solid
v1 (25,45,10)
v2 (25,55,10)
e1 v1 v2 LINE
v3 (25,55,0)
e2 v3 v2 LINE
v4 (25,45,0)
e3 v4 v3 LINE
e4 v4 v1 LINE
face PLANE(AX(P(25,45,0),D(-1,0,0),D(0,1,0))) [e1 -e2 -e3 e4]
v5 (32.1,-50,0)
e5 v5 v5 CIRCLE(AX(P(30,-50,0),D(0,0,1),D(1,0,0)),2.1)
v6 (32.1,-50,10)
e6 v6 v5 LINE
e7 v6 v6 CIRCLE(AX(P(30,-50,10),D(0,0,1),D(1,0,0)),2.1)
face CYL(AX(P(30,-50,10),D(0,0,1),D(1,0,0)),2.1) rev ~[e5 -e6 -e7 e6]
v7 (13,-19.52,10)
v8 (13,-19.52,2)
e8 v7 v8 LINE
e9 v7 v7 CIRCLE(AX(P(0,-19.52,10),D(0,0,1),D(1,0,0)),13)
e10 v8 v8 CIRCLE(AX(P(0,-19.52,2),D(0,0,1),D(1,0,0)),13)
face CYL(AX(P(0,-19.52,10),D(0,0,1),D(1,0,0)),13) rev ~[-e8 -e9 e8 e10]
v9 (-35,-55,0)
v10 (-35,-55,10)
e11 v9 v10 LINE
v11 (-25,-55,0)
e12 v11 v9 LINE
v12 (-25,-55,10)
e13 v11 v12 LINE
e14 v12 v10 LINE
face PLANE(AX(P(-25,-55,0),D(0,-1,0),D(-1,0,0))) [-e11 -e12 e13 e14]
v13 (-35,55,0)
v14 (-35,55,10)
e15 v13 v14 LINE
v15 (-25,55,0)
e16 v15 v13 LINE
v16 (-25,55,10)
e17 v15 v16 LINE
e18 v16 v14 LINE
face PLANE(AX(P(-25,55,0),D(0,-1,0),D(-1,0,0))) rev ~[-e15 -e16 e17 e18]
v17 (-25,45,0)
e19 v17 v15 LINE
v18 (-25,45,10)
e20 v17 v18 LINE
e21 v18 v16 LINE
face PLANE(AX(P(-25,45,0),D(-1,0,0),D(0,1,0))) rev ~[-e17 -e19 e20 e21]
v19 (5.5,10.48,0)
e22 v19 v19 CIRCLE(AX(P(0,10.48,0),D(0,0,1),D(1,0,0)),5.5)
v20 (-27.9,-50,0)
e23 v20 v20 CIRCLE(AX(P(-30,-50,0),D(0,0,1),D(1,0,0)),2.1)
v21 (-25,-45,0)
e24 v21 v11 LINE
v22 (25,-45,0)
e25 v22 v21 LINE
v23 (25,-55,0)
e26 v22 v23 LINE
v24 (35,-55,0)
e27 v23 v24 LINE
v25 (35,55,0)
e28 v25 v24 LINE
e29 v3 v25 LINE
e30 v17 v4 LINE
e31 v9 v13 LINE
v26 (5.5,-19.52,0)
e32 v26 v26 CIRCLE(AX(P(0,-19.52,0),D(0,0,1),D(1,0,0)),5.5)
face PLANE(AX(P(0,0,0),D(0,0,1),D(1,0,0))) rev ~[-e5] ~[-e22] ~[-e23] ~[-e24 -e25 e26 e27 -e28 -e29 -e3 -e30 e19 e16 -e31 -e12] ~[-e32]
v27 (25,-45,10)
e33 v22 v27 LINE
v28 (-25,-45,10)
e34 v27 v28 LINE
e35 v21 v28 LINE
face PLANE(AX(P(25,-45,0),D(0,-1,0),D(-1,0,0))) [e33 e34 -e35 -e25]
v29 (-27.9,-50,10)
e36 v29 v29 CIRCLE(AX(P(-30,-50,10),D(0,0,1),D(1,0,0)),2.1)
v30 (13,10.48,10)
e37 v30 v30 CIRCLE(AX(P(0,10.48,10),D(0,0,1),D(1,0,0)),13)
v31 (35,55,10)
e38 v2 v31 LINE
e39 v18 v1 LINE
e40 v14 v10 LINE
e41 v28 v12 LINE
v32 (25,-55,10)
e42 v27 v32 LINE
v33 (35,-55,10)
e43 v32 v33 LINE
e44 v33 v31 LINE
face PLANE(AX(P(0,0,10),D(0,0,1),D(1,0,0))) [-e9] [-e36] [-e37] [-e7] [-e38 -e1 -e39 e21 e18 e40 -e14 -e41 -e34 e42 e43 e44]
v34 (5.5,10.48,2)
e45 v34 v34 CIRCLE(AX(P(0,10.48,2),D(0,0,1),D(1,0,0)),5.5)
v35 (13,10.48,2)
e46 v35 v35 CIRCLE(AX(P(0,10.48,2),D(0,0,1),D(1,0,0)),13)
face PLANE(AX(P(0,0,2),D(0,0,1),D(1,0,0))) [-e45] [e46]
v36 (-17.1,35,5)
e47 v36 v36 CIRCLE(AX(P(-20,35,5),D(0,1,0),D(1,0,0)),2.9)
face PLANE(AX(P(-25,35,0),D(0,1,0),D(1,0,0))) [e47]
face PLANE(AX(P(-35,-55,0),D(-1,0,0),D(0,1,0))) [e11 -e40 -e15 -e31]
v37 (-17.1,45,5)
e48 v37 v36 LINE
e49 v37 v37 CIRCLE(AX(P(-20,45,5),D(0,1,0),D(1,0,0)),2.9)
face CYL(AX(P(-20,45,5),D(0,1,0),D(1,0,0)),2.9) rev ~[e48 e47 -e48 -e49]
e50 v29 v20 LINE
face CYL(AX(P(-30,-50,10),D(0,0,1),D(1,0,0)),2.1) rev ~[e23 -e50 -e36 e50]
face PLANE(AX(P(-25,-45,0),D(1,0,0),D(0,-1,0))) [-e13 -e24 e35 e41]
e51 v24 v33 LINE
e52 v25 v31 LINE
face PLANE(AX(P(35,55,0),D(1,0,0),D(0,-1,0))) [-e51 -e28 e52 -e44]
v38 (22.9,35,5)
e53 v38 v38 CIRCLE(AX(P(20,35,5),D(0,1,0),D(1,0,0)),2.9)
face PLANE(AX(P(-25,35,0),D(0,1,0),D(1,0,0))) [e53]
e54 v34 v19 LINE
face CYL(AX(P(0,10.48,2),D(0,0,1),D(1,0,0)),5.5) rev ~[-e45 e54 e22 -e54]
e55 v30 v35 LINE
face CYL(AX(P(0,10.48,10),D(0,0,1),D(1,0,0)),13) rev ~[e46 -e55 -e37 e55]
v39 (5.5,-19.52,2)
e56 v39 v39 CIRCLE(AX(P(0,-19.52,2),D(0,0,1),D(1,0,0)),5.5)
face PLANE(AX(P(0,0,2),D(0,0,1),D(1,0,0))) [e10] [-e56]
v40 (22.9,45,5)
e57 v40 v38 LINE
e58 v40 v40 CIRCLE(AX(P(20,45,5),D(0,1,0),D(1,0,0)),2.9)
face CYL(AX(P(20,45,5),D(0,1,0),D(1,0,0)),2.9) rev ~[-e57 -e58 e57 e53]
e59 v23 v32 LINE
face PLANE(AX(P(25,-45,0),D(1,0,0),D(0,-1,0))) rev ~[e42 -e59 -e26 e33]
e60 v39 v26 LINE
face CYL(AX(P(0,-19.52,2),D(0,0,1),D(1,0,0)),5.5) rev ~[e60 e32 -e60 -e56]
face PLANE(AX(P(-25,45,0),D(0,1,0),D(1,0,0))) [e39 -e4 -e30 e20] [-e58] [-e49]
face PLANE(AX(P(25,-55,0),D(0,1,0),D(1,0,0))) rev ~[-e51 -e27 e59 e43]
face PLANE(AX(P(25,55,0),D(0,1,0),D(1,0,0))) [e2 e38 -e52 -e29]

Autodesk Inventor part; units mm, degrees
ref_plane "YZ Plane" through (0, 0, 0) normal (1, 0, 0) x (0, 1, 0)
ref_plane "XZ Plane" through (0, 0, 0) normal (0, 1, 0) x (-1, 0, 0)
ref_plane "XY Plane" through (0, 0, 0) normal (0, 0, 1) x (1, 0, 0)
sketch "Sketch1" plane through (0, 0, 0) normal (0, 0, 1) x (1, 0, 0)
  line L0 (-25, 45) -> (25, 45)
  line L1 (35, 44.3995) -> (35, -45)
  line L2 (25, -45) -> (-25, -45)
  line L3 (-35, -44.3995) -> (-35, 45)
  line L4 (-35, 45) -> (35, -45) construction
  line L5 (35, 44.3995) -> (-35, -44.3995) construction
  line L6 (-25, 55) -> (-35, 55)
  line L7 (-35, 55) -> (-35, 45)
  line L8 (-25, 45) -> (-25, 55)
  line L9 (-25, 55) -> (-35, 45) construction
  line L10 (-35, 55) -> (-25, 45) construction
  line L11 (0, 15.2738) -> (0, -11.5274)
  line L12 (-10.8069, 0) -> (18.2997, 0)
  line L13 (25, 55) -> (35, 55)
  line L14 (35, 55) -> (35, 44.3995)
  line L15 (25, 45) -> (25, 55)
  line L16 (25, 55) -> (35, 44.3995) construction
  line L17 (35, 55) -> (25, 45) construction
  line L18 (-25, -55) -> (-35, -55)
  line L19 (-35, -55) -> (-35, -44.3995)
  line L20 (-25, -45) -> (-25, -55)
  line L21 (-25, -55) -> (-35, -44.3995) construction
  line L22 (-35, -55) -> (-25, -45) construction
  line L23 (25, -55) -> (35, -55)
  line L24 (35, -55) -> (35, -45)
  line L25 (25, -45) -> (25, -55)
  line L26 (25, -55) -> (35, -45) construction
  line L27 (35, -55) -> (25, -45) construction
  point P0 (0, 0)
  point P1 (-30, 50)
  point P2 (30, 50)
  point P3 (-30, -50)
  point P4 (30, -50)
  dimension "d0" = 70
  dimension "d1" = 10
  dimension "d2" = 90
extrude "Extrusion1" add sketch "Sketch1" along normal blind 10
sketch "Sketch2" plane through (0, 0, 10) normal (0, 0, 1) x (1, 0, 0)
  circle A0 centre (0, 10.48) radius 13
  circle A1 centre (0, -19.52) radius 13
  line L0 (-25, -45) -> (25, -45) projected
  line L1 (-35, -55) -> (-25, -55) projected
  point P0 (0, 0)
  dimension "d6" = 26
  dimension "d11" = 26
  dimension "d15" = 30
  dimension "d40" = 35.48
extrude "Extrusion2" cut sketch "Sketch2" against normal blind 8
sketch "Sketch3" plane through (0, 10.48, 2) normal (0, 0, 1) x (1, 0, 0)
  circle A0 centre (0, 0) radius 5.5
  circle A1 centre (0, 0) radius 13 projected
  point P0 (0, -10.48)
  point P1 (-9.0139, 15)
  point P2 (9.0139, 15)
  dimension "d16" = 11
extrude "Extrusion3" cut sketch "Sketch3" against normal through all contours A0
sketch "Sketch6" plane through (0, -19.52, 2) normal (0, 0, 1) x (1, 0, 0)
  circle A0 centre (0, 0) radius 5.5
  point P0 (0, 19.52)
  dimension "d19" = 11
extrude "Extrusion4" cut sketch "Sketch6" against normal blind 10
sketch "Sketch8" plane through (-25, 45, 0) normal (0, 1, 0) x (1, 0, 0)
  circle A0 centre (5, -5) radius 2.9
  line L0 (0, 0) -> (0, -10) projected
  line L1 (50, 0) -> (0, 0) projected
  circle A1 centre (45, -5) radius 2.9
  line L2 (50, 0) -> (50, -10) projected
  point P0 (25, 0)
  dimension "d30" = 5.8
  dimension "d31" = 5
  dimension "d32" = 5
  dimension "d33" = 5.8
  dimension "d34" = 5
  dimension "d35" = 5
extrude "Extrusion6" cut sketch "Sketch8" against normal blind 10
sketch "Sketch11" plane through (0, 0, 10) normal (0, 0, 1) x (1, 0, 0)
  line L0 (-35, 55) -> (-35, -55) projected
  line L1 (-25, 55) -> (-35, 55) projected
  line L2 (0, 0) -> (0, 27.2927)
  line L3 (0, 0) -> (14.8331, 0)
  circle A0 centre (-30, -50) radius 2.1
  circle A1 centre (30, -50) radius 2.1
  line L4 (-35, -55) -> (-25, -55) projected
  line L5 (25, -45) -> (25, -55) projected
  line L6 (25, -55) -> (35, -55) projected
  point P0 (30, -55)
  dimension "d54" = 4.2
  dimension "d55" = 5
  dimension "d56" = 5
  dimension "d57" = 4.2
  dimension "d58" = 5
  dimension "d59" = 5
extrude "Extrusion9" cut sketch "Sketch11" against normal through all
sketch "Sketch7" plane through (0, -48, 10) normal (0, 0, -1) x (-1, 0, 0)
  circle A0 centre (0, 22.5) radius 1.6
  circle A1 centre (-22.5, 0) radius 1.6
  circle A2 centre (0, -22.5) radius 1.6
  circle A3 centre (22.5, 0) radius 1.6
  point P0 (0, 48)
  point P1 (0, 0)
  dimension "d22" = 3.2
  dimension "d25" = 360
  dimension "d27" = 45
equation "\"d33\" = d30"
equation "\"d57\" = d54"
equation "\"d58\" = d55"
equation "\"d59\" = d56"
properties part number "gearbox_side1" material "PMMA Plastic"
